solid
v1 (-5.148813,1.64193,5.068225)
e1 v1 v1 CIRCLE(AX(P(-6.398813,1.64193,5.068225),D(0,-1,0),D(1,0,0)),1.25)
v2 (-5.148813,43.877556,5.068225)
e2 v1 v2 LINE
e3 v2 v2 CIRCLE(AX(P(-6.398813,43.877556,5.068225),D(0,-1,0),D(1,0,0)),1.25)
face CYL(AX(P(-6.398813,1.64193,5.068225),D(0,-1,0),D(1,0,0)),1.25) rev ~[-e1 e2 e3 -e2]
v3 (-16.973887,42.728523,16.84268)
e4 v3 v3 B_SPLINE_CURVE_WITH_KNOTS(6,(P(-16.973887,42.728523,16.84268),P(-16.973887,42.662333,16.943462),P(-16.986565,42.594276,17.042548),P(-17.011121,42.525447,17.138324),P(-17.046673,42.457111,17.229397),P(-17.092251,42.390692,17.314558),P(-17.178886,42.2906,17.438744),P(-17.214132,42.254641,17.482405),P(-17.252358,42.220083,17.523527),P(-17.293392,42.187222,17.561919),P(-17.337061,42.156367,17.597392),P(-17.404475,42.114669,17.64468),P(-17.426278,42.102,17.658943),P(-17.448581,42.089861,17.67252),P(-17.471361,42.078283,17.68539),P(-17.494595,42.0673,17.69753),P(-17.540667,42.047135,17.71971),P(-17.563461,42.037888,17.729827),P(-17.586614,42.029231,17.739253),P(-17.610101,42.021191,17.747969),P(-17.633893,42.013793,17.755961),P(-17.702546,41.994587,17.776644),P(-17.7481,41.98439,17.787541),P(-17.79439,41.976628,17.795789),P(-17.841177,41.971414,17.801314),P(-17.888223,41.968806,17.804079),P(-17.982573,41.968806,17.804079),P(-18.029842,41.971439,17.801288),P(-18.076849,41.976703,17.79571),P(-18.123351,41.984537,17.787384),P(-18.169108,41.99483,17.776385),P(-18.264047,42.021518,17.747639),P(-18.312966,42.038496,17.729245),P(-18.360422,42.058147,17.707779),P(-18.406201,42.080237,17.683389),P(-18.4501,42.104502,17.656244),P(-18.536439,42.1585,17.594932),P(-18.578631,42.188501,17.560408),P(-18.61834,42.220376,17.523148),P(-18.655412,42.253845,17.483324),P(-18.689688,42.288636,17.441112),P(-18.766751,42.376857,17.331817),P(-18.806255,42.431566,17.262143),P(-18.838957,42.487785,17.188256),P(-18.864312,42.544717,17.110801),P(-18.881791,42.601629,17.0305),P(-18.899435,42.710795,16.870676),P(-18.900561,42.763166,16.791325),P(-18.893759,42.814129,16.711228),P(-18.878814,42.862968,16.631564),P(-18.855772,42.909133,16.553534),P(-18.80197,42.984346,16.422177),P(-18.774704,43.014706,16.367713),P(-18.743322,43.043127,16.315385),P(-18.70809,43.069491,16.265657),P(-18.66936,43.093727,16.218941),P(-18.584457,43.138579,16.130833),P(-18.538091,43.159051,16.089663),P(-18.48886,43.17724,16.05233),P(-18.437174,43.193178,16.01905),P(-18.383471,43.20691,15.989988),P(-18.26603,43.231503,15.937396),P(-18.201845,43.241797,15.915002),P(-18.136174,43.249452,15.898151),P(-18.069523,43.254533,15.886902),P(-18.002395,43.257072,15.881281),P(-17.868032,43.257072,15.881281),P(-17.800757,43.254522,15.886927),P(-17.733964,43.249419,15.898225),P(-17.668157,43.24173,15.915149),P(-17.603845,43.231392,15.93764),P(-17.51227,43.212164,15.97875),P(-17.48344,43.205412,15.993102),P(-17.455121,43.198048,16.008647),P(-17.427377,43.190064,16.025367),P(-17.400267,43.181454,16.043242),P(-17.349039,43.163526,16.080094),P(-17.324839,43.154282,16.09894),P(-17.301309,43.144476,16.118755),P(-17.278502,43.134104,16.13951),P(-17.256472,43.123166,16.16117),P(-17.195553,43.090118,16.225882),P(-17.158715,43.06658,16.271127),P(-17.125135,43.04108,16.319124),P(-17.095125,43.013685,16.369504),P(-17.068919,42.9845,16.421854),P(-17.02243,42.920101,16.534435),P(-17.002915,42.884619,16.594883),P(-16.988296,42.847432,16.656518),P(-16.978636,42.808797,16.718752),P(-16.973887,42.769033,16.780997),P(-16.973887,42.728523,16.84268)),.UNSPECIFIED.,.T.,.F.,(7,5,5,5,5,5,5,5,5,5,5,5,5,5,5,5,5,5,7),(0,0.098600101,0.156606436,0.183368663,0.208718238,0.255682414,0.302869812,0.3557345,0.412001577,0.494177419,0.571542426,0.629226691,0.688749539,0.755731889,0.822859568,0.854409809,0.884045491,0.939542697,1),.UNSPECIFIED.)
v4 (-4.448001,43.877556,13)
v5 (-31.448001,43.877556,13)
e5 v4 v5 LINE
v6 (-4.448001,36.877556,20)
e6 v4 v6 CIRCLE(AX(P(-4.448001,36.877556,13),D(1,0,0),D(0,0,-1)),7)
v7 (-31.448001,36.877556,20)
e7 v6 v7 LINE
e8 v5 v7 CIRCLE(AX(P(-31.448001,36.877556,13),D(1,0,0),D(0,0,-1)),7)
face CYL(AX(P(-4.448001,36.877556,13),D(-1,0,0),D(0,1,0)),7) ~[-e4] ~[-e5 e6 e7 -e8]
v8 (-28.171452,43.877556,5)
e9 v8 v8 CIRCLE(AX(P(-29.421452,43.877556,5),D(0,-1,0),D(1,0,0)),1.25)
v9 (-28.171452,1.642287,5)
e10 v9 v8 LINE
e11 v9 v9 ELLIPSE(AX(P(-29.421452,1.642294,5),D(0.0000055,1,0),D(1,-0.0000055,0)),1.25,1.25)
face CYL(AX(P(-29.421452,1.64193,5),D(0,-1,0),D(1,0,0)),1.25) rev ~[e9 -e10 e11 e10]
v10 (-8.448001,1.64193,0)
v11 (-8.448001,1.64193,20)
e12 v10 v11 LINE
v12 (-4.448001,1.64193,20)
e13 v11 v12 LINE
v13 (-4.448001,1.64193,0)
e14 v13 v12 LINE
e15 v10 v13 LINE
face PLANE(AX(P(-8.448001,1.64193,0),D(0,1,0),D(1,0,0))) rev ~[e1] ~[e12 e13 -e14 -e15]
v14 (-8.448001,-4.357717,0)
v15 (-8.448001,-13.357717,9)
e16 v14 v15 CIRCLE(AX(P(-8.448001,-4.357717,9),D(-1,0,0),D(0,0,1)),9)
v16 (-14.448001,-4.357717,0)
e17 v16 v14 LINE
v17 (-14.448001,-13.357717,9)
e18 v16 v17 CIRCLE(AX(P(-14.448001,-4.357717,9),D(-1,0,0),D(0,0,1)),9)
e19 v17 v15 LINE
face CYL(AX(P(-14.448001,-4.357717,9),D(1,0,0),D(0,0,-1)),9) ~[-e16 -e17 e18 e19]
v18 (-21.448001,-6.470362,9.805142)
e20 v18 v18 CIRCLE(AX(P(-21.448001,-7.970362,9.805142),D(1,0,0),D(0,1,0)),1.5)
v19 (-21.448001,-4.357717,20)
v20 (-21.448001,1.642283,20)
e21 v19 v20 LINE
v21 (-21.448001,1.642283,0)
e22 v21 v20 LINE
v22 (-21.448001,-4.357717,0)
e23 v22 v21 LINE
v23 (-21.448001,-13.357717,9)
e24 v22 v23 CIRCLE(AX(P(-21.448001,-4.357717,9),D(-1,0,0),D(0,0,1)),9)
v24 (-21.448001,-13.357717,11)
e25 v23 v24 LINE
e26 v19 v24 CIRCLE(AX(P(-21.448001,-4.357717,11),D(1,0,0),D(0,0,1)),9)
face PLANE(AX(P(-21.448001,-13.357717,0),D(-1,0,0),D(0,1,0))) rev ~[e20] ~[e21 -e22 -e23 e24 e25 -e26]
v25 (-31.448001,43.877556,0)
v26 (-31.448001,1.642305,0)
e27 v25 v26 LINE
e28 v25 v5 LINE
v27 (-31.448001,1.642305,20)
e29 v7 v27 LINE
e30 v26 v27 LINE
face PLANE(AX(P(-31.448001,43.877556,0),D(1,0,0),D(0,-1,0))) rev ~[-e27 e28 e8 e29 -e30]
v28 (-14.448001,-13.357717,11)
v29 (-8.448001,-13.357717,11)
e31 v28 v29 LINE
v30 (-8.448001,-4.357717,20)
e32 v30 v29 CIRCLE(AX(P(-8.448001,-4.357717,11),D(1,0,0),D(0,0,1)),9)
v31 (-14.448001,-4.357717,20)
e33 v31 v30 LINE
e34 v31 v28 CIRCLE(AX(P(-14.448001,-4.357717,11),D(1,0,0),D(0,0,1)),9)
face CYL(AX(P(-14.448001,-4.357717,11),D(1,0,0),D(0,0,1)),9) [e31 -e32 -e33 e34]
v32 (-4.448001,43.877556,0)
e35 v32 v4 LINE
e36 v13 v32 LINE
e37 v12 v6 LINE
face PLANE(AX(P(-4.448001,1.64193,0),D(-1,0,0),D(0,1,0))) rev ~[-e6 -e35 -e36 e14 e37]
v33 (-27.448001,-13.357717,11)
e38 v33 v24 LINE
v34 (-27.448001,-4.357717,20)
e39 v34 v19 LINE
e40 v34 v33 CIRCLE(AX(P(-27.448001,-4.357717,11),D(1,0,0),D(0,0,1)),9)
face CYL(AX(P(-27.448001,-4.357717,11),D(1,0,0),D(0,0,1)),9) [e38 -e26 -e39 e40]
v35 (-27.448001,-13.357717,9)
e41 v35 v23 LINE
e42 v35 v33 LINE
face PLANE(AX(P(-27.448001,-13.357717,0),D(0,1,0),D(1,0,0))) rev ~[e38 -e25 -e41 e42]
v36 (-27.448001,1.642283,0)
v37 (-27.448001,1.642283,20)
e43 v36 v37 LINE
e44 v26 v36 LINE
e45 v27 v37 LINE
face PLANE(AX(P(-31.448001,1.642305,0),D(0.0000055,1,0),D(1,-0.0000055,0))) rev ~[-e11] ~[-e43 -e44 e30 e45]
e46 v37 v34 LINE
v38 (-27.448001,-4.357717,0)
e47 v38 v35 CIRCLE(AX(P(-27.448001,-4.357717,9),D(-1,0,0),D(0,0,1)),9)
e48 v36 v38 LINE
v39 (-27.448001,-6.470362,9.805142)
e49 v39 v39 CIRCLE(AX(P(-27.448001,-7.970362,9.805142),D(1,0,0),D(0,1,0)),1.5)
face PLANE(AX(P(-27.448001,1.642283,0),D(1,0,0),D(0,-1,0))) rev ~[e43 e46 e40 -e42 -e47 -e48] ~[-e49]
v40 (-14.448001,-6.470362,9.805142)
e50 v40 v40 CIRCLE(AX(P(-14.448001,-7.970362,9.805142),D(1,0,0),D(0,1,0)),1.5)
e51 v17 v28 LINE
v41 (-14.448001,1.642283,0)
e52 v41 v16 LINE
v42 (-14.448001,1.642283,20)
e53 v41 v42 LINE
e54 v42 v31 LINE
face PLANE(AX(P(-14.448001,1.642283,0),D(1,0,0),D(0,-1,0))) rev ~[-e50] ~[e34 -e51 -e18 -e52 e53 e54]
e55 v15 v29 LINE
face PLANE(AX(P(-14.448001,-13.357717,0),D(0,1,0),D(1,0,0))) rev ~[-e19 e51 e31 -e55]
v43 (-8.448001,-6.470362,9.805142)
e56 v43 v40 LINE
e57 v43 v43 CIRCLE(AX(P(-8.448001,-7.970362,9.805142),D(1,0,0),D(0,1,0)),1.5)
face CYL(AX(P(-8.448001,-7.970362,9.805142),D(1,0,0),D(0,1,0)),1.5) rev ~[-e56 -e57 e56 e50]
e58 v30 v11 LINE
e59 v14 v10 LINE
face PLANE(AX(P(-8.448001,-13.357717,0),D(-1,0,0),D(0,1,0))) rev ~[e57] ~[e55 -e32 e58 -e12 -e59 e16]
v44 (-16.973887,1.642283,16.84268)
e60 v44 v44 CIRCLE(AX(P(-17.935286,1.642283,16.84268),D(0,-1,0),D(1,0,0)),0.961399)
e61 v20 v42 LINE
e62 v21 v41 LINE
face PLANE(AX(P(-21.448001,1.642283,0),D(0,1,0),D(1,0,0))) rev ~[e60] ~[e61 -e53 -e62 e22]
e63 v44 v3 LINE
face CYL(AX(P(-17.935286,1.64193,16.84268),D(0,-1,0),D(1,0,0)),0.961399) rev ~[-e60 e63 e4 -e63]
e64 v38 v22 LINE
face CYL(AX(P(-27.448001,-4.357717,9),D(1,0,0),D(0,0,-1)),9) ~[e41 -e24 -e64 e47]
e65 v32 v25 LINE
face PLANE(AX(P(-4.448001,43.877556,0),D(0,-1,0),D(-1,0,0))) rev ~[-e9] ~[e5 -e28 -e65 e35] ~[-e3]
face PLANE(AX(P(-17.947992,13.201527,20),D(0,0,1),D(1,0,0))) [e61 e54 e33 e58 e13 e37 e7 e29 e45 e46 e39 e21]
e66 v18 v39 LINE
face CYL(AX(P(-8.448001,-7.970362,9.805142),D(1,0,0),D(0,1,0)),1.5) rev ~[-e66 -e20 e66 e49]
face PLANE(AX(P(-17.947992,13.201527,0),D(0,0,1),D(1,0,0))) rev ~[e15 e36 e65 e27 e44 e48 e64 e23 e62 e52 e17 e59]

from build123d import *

# Parameters (mm, degrees)
PAD_DEPTH       = 20
FILLET_R        = 7
SKETCH001_R     = 1.5
POCKET_DEPTH    = 23.001
SKETCH002_R     = 1.25
SKETCH002_R_2   = 0.961399
POCKET001_DEPTH = 42.236626
FILLET001_R     = 9
FILLET002_R     = 9
FILLET003_R     = 9
FILLET004_R     = 9


with BuildPart() as part:
    # Sketch → Pad (new body)
    with BuildSketch(Plane.XY):
        Polygon((-31.448001, 43.877556), (-31.448001, 36.642305), (-31.448001, 1.642305), (-27.448001, 1.642283), (-27.448001, -13.357717), (-21.448001, -13.357717), (-21.448001, 1.642283), (-14.448001, 1.642283), (-14.448001, -13.357717), (-8.448001, -13.357717), (-8.448001, 1.64193), (-4.448001, 1.64193), (-4.448001, 36.64193), (-4.448001, 43.877556), align=None)
    extrude(amount=PAD_DEPTH)

    # Fillet
    fillet_edges = [part.edges().sort_by_distance(p)[0] for p in [
        (-17.948001, 43.877556, 20),
    ]]
    fillet(fillet_edges, radius=FILLET_R)

    # Sketch001 (on Face15 of Fillet) → Pocket (cut, through all)
    with BuildSketch(Plane.YZ.offset(-8.448001)):
        with Locations((-7.970362, 9.805142)):
            Circle(SKETCH001_R)
    extrude(amount=-POCKET_DEPTH, mode=Mode.SUBTRACT)

    # Sketch002 (on Face16 of Pocket) → Pocket001 (cut, through all)
    with BuildSketch(Plane.XZ.offset(-1.64193)):
        with Locations((-6.398813, 5.068225)):
            Circle(SKETCH002_R)
        with Locations((-29.421452, 5)):
            Circle(SKETCH002_R)
        with Locations((-17.935286, 16.84268)):
            Circle(SKETCH002_R_2)
    extrude(amount=-POCKET001_DEPTH, mode=Mode.SUBTRACT)

    # Fillet001
    fillet001_edges = [part.edges().sort_by_distance(p)[0] for p in [
        (-11.448001, -13.357717, 20),
    ]]
    fillet(fillet001_edges, radius=FILLET001_R)

    # Fillet002
    fillet002_edges = [part.edges().sort_by_distance(p)[0] for p in [
        (-24.448001, -13.357717, 20),
    ]]
    fillet(fillet002_edges, radius=FILLET002_R)

    # Fillet003
    fillet003_edges = [part.edges().sort_by_distance(p)[0] for p in [
        (-11.448001, -13.357717, 0),
    ]]
    fillet(fillet003_edges, radius=FILLET003_R)

    # Fillet004
    fillet004_edges = [part.edges().sort_by_distance(p)[0] for p in [
        (-24.448001, -13.357717, 0),
    ]]
    fillet(fillet004_edges, radius=FILLET004_R)


solid = part.part
